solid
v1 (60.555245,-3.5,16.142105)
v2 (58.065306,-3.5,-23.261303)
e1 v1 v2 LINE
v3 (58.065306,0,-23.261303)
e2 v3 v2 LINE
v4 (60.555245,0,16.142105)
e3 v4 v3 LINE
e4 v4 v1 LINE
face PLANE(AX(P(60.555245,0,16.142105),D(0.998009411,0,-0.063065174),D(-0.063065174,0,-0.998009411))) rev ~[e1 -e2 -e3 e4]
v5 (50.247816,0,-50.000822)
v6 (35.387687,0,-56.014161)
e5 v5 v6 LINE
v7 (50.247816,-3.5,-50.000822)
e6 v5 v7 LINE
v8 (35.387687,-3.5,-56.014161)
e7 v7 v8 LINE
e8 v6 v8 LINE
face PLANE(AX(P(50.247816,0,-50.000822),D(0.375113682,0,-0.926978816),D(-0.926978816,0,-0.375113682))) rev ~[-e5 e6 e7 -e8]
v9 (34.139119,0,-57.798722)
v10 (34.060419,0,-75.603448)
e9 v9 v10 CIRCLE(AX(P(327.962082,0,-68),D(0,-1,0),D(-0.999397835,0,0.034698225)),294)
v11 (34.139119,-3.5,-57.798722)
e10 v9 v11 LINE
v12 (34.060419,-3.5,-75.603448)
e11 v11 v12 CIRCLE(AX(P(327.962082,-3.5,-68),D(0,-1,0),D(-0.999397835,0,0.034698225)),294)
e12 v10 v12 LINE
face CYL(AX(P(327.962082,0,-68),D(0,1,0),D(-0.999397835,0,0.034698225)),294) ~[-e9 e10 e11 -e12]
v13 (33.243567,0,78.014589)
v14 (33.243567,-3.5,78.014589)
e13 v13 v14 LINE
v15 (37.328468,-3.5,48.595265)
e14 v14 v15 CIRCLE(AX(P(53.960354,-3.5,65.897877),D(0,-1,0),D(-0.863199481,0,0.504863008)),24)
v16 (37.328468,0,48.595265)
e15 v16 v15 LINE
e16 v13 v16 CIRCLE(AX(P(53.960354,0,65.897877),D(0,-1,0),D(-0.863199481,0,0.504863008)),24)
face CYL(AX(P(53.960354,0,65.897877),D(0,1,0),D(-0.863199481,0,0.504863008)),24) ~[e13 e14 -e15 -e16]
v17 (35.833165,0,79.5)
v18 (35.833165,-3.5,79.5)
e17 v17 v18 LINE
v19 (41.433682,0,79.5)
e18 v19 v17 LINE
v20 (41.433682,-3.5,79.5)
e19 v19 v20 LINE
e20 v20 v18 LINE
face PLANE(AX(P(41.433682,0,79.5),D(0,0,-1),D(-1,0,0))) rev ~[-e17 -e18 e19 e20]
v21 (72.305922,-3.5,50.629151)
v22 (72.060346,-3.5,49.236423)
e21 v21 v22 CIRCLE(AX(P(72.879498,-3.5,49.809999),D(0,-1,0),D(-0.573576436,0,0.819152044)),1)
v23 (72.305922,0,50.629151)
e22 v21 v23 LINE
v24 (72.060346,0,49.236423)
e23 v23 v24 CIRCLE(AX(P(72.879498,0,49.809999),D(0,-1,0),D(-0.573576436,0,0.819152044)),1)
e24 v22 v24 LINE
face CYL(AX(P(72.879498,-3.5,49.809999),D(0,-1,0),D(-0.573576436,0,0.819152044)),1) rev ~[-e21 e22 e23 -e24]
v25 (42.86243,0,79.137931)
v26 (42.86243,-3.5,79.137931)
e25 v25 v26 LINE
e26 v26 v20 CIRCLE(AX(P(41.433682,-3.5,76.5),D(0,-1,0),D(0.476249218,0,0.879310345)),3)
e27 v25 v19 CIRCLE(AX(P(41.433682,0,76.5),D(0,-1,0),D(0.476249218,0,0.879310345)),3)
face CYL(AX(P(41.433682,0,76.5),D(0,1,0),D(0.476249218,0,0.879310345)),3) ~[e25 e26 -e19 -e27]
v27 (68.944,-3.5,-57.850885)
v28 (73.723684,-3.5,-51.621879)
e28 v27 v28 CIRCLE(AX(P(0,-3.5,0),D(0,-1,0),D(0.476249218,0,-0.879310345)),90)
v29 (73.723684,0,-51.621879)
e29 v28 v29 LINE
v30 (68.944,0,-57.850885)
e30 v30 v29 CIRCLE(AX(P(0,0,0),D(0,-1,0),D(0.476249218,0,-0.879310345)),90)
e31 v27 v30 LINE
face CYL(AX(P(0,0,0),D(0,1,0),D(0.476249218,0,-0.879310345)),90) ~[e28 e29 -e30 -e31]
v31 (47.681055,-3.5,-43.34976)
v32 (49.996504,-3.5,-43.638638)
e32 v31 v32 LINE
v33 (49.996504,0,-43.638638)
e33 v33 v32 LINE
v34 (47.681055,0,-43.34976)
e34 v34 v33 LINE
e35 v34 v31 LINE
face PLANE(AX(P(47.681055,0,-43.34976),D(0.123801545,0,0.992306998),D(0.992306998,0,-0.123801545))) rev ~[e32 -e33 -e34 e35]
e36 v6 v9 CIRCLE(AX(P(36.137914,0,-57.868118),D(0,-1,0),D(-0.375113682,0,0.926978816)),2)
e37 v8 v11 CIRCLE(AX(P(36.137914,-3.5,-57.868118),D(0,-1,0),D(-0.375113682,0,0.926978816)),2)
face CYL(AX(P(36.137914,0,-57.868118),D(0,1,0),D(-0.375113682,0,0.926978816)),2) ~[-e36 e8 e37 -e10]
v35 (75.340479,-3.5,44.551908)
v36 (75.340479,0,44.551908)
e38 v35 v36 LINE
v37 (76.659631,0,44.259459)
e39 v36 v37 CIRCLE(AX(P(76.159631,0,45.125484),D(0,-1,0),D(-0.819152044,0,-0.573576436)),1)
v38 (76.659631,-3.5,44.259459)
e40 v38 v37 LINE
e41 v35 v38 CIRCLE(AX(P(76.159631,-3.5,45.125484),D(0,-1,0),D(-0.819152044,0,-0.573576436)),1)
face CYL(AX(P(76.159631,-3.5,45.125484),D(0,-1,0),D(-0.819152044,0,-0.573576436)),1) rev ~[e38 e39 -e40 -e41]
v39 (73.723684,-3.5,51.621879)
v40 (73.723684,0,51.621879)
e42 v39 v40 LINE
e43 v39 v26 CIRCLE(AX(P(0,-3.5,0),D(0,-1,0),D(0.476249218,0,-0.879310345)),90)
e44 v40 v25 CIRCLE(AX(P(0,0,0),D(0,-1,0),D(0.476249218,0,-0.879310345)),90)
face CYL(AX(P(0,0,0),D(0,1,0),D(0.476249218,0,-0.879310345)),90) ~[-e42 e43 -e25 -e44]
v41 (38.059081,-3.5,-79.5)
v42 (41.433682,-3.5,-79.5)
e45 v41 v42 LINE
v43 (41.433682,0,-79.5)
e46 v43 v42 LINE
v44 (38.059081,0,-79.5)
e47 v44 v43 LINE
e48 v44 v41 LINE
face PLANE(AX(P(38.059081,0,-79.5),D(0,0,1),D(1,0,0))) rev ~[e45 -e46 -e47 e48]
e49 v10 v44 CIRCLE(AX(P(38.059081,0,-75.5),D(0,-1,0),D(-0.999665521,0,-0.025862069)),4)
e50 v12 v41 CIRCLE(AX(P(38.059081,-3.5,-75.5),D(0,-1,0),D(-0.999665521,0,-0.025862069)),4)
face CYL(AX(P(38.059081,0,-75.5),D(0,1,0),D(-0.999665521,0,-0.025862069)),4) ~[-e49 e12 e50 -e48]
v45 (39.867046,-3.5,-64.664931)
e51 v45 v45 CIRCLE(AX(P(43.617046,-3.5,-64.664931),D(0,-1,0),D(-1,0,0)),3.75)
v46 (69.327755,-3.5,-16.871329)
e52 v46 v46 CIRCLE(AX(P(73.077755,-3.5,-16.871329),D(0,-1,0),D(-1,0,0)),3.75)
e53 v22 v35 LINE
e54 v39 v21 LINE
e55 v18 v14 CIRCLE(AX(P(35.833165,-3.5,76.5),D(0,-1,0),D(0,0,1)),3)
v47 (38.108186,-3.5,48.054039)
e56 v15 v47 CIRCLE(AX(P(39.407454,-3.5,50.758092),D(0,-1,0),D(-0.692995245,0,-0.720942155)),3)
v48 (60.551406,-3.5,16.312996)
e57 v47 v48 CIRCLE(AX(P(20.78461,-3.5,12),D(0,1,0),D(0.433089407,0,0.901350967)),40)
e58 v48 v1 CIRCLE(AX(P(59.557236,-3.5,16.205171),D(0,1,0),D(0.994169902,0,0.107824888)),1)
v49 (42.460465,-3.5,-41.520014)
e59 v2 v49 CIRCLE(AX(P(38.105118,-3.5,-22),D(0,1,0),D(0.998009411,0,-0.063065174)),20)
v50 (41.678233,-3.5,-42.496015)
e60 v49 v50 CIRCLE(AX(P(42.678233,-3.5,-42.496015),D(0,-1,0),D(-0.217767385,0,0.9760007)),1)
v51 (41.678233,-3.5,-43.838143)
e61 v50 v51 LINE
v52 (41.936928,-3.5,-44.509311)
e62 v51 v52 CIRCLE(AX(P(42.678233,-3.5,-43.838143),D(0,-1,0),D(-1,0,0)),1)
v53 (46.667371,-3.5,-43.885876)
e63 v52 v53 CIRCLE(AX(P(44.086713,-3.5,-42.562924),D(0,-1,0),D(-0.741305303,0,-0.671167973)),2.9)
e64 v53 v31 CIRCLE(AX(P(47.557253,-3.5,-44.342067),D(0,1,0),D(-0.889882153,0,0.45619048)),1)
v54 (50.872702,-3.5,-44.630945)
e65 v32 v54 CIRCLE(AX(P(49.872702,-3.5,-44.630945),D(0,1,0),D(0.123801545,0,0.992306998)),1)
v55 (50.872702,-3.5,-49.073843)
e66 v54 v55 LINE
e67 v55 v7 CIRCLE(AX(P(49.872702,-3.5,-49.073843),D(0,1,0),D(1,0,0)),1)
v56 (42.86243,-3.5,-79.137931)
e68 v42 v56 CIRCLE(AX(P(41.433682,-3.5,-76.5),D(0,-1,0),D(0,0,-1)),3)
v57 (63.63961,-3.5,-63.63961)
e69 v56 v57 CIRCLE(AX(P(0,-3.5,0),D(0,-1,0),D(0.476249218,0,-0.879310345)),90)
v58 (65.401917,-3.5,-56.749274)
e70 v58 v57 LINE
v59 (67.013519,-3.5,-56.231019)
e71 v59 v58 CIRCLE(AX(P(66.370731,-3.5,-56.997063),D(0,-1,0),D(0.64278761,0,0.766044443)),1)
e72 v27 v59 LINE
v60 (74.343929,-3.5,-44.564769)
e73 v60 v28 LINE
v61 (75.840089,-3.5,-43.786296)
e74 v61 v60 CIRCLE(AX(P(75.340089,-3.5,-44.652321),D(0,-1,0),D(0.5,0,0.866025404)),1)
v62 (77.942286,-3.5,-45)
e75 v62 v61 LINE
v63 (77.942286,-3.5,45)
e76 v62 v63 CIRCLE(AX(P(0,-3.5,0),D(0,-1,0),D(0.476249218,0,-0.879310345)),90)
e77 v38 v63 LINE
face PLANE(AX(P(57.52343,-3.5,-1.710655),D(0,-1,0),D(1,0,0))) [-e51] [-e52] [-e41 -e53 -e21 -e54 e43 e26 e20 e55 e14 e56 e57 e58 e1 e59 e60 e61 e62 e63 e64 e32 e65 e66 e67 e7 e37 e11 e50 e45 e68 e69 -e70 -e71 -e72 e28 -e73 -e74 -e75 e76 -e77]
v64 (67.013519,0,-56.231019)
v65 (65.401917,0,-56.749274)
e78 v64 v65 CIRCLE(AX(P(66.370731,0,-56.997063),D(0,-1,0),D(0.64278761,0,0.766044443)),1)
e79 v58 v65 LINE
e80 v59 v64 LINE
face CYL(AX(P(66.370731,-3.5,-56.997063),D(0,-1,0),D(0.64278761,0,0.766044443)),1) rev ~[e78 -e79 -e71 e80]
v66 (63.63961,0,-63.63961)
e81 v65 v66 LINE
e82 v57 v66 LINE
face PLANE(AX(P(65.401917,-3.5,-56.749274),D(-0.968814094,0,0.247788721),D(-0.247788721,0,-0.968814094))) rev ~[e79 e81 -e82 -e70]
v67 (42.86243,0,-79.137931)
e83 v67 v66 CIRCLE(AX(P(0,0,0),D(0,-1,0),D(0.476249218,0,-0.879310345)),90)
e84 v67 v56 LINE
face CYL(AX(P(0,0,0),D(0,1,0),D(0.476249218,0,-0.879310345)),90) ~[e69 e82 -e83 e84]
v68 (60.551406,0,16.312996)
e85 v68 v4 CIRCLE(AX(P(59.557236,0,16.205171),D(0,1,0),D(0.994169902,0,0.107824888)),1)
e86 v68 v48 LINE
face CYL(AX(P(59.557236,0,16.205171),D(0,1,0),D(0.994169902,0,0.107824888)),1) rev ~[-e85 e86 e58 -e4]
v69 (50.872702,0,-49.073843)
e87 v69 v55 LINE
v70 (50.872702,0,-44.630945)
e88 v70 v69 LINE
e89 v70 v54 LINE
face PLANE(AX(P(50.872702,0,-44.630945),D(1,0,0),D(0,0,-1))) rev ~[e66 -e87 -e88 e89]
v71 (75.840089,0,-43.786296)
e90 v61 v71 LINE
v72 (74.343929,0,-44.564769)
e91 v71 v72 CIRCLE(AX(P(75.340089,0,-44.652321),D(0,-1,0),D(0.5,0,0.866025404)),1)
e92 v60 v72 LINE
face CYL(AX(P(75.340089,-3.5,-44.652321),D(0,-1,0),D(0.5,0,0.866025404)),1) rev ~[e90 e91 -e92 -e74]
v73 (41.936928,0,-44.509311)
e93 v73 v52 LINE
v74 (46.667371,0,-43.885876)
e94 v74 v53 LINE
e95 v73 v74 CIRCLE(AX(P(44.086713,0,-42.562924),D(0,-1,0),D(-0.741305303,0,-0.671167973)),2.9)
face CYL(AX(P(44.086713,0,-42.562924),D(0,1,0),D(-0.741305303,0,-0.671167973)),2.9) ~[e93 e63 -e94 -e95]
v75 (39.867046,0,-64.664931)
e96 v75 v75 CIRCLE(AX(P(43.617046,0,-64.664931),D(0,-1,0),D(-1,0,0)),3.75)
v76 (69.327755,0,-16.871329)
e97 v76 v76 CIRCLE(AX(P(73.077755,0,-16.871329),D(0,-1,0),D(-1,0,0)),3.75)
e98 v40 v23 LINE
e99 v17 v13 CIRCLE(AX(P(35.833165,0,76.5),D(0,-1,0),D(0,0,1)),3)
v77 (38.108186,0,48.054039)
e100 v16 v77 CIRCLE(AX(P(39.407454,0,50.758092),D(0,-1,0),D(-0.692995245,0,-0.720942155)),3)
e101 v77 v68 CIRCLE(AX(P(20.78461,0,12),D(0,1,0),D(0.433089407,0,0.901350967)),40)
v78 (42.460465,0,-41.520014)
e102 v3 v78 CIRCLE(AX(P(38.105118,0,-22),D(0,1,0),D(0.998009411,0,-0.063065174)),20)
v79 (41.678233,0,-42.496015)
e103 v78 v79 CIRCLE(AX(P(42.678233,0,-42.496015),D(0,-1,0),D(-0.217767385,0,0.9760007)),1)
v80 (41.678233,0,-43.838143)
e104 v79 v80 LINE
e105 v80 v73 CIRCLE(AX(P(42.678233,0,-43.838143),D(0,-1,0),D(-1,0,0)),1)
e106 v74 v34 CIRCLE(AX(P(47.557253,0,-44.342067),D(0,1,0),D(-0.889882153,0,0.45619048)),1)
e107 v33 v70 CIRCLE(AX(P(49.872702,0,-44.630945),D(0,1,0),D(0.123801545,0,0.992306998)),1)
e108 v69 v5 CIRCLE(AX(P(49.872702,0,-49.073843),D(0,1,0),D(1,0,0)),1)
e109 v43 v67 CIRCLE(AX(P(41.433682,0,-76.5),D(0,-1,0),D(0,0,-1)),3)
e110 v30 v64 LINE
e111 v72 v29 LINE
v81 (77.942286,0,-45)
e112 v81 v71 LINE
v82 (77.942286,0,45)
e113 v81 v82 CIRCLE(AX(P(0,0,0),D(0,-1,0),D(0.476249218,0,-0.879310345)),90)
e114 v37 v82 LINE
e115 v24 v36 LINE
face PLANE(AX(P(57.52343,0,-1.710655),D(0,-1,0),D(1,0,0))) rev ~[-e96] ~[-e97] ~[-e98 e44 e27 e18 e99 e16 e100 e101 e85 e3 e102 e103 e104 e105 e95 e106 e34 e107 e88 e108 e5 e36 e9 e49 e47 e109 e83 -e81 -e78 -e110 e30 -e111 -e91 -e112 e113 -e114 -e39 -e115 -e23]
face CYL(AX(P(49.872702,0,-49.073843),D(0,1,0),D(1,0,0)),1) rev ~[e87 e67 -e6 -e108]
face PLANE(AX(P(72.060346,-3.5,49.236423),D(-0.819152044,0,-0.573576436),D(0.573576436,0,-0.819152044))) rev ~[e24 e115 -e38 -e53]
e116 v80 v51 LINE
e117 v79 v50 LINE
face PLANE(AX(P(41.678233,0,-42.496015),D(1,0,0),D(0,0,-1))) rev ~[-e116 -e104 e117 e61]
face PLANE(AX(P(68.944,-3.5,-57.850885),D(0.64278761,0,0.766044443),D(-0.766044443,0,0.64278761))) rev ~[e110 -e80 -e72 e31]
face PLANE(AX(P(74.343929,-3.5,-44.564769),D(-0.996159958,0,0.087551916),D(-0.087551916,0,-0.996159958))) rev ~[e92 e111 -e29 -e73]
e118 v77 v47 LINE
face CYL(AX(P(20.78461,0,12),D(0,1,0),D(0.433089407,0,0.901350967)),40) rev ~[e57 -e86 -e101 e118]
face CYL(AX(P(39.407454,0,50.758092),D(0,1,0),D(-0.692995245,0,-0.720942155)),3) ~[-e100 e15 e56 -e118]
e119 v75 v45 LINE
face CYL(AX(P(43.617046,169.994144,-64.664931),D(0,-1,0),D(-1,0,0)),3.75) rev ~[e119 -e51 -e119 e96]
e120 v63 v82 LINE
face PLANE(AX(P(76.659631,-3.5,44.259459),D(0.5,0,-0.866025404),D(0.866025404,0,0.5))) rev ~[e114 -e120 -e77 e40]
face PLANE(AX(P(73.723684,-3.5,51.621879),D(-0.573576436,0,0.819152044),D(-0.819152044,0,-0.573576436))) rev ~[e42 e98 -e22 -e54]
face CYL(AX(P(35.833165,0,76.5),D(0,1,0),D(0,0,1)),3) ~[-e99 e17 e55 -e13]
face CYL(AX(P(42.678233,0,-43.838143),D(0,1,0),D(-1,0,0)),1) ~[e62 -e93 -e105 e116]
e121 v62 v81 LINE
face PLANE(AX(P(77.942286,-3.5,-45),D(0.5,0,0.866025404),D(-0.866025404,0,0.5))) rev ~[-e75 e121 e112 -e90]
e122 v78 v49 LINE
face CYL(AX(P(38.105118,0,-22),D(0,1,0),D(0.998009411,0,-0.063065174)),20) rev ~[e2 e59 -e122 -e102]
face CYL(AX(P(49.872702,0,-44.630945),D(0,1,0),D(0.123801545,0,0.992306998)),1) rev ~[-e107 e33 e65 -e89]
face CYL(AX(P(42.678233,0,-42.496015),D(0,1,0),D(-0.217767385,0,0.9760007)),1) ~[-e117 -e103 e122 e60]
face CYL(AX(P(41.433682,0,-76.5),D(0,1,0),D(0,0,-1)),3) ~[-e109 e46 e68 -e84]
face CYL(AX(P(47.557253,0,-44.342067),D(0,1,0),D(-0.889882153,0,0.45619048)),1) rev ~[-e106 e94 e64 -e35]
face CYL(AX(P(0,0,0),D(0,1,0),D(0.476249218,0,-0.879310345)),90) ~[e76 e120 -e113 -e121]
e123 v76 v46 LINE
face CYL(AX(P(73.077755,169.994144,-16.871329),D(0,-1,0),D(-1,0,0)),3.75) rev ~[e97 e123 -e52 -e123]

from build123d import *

# Parameters (mm, degrees)
F1_DEPTH = 3.5
F2_D     = 7.5
F4_DEPTH = 25


with BuildPart() as f1:
    # F0 (on Front) → F1 (new body)
    with BuildSketch(Plane.XZ):
        with BuildLine():
            ThreePointArc((41.4336819508, -79.5), (42.1706374775, -79.4080743718), (42.8624296043, -79.1379310345))
            ThreePointArc((42.8624296043, -79.1379310345), (90, 0), (42.8624296043, 79.1379310345))
            ThreePointArc((42.8624296043, 79.1379310345), (42.1706374775, 79.4080743718), (41.4336819508, 79.5))
            Line((41.4336819508, 79.5), (35.8331652233, 79.5))
            ThreePointArc((35.8331652233, 79.5), (34.3404775581, 79.1022842916), (33.2435667811, 78.0145890229))
            ThreePointArc((33.2435667811, 78.0145890229), (30.1884169541, 62.5971202701), (37.3284684526, 48.5952651142))
            ThreePointArc((37.3284684526, 48.5952651142), (37.696787223, 48.2936203298), (38.1081859652, 48.054038679))
            ThreePointArc((38.1081859652, 48.054038679), (53.4450002112, 35.0932650584), (60.5514057613, 16.3129955125))
            ThreePointArc((60.5514057613, 16.3129955125), (60.556983556, 16.2276326693), (60.5552452702, 16.1421054506))
            Line((60.5552452702, 16.1421054506), (58.0653059802, -23.2613034815))
            ThreePointArc((58.0653059802, -23.2613034815), (53.3089478497, -34.9939813299), (42.4604654753, -41.5200139942))
            ThreePointArc((42.4604654753, -41.5200139942), (41.8979228629, -41.8706217716), (41.6782328608, -42.4960146939))
            Line((41.6782328608, -42.4960146939), (41.6782328608, -43.8381428359))
            ThreePointArc((41.6782328608, -43.8381428359), (41.7451451632, -44.1977917599), (41.9369275579, -44.5093108088))
            ThreePointArc((41.9369275579, -44.5093108088), (44.4656332073, -45.4380618454), (46.6673711793, -43.8858760796))
            ThreePointArc((46.6673711793, -43.8858760796), (47.0897331674, -43.4580841529), (47.6810548772, -43.3497595621))
            Line((47.6810548772, -43.3497595621), (49.9965035646, -43.6386380299))
            ThreePointArc((49.9965035646, -43.6386380299), (50.6223024281, -43.9690543814), (50.8727020195, -44.6309450275))
            Line((50.8727020195, -44.6309450275), (50.8727020195, -49.0738430408))
            ThreePointArc((50.8727020195, -49.0738430408), (50.7018924929, -49.6328091926), (50.2478157018, -50.0008218568))
            Line((50.2478157018, -50.0008218568), (35.3876870019, -56.0141605654))
            ThreePointArc((35.3876870019, -56.0141605654), (34.4991811471, -56.7215784312), (34.1391186959, -57.7987217467))
            ThreePointArc((34.1391186959, -57.7987217467), (33.9649542689, -66.7004891105), (34.0604191652, -75.6034482759))
            ThreePointArc((34.0604191652, -75.6034482759), (35.2674681933, -78.3647681497), (38.0590812482, -79.5))
            Line((38.0590812482, -79.5), (41.4336819508, -79.5))
        make_face()
    extrude(amount=F1_DEPTH)

    # F2 (through all)
    with Locations(Plane(origin=(0, 0, 0), x_dir=(1, 0, 0), z_dir=(0, 1, 0))):
        with Locations((73.0777548589, 16.8713290758), (43.6170464707, 64.6649306593)):
            Hole(F2_D / 2)

    # F3 (on face) → F4 (cut)
    with BuildSketch(Plane.XZ.offset(3.5)):
        with BuildLine():
            Line((76.6596311124, 44.2594586587), (77.9422863406, 45))
            ThreePointArc((77.9422863406, 45), (75.9052301232, 48.3569647512), (73.723683986, 51.6218792716))
            Line((73.723683986, 51.6218792716), (72.305921722, 50.629151447))
            ThreePointArc((72.305921722, 50.629151447), (71.8946904054, 49.9836475804), (72.0603461141, 49.2364229663))
            Line((72.0603461141, 49.2364229663), (75.3404790681, 44.5519076262))
            ThreePointArc((75.3404790681, 44.5519076262), (75.9431914985, 44.1491880554), (76.6596311124, 44.2594586587))
        make_face()
        with BuildLine():
            Line((74.3439292434, -44.5647694037), (73.723683986, -51.6218792716))
            ThreePointArc((73.723683986, -51.6218792716), (75.9052301232, -48.3569647512), (77.9422863406, -45))
            Line((77.9422863406, -45), (75.8400892015, -43.7862959158))
            ThreePointArc((75.8400892015, -43.7862959158), (74.8785169765, -43.7652186868), (74.3439292434, -44.5647694037))
        make_face()
        with BuildLine():
            Line((65.4019169356, -56.7492744962), (63.6396103068, -63.6396103068))
            ThreePointArc((63.6396103068, -63.6396103068), (66.3549603129, -60.8031186854), (68.9439998807, -57.8508848718))
            Line((68.9439998807, -57.8508848718), (67.0135186397, -56.2310187745))
            ThreePointArc((67.0135186397, -56.2310187745), (66.0645928824, -56.0450761197), (65.4019169356, -56.7492744962))
        make_face()
    extrude(amount=-F4_DEPTH, mode=Mode.SUBTRACT)


solid = f1.part
